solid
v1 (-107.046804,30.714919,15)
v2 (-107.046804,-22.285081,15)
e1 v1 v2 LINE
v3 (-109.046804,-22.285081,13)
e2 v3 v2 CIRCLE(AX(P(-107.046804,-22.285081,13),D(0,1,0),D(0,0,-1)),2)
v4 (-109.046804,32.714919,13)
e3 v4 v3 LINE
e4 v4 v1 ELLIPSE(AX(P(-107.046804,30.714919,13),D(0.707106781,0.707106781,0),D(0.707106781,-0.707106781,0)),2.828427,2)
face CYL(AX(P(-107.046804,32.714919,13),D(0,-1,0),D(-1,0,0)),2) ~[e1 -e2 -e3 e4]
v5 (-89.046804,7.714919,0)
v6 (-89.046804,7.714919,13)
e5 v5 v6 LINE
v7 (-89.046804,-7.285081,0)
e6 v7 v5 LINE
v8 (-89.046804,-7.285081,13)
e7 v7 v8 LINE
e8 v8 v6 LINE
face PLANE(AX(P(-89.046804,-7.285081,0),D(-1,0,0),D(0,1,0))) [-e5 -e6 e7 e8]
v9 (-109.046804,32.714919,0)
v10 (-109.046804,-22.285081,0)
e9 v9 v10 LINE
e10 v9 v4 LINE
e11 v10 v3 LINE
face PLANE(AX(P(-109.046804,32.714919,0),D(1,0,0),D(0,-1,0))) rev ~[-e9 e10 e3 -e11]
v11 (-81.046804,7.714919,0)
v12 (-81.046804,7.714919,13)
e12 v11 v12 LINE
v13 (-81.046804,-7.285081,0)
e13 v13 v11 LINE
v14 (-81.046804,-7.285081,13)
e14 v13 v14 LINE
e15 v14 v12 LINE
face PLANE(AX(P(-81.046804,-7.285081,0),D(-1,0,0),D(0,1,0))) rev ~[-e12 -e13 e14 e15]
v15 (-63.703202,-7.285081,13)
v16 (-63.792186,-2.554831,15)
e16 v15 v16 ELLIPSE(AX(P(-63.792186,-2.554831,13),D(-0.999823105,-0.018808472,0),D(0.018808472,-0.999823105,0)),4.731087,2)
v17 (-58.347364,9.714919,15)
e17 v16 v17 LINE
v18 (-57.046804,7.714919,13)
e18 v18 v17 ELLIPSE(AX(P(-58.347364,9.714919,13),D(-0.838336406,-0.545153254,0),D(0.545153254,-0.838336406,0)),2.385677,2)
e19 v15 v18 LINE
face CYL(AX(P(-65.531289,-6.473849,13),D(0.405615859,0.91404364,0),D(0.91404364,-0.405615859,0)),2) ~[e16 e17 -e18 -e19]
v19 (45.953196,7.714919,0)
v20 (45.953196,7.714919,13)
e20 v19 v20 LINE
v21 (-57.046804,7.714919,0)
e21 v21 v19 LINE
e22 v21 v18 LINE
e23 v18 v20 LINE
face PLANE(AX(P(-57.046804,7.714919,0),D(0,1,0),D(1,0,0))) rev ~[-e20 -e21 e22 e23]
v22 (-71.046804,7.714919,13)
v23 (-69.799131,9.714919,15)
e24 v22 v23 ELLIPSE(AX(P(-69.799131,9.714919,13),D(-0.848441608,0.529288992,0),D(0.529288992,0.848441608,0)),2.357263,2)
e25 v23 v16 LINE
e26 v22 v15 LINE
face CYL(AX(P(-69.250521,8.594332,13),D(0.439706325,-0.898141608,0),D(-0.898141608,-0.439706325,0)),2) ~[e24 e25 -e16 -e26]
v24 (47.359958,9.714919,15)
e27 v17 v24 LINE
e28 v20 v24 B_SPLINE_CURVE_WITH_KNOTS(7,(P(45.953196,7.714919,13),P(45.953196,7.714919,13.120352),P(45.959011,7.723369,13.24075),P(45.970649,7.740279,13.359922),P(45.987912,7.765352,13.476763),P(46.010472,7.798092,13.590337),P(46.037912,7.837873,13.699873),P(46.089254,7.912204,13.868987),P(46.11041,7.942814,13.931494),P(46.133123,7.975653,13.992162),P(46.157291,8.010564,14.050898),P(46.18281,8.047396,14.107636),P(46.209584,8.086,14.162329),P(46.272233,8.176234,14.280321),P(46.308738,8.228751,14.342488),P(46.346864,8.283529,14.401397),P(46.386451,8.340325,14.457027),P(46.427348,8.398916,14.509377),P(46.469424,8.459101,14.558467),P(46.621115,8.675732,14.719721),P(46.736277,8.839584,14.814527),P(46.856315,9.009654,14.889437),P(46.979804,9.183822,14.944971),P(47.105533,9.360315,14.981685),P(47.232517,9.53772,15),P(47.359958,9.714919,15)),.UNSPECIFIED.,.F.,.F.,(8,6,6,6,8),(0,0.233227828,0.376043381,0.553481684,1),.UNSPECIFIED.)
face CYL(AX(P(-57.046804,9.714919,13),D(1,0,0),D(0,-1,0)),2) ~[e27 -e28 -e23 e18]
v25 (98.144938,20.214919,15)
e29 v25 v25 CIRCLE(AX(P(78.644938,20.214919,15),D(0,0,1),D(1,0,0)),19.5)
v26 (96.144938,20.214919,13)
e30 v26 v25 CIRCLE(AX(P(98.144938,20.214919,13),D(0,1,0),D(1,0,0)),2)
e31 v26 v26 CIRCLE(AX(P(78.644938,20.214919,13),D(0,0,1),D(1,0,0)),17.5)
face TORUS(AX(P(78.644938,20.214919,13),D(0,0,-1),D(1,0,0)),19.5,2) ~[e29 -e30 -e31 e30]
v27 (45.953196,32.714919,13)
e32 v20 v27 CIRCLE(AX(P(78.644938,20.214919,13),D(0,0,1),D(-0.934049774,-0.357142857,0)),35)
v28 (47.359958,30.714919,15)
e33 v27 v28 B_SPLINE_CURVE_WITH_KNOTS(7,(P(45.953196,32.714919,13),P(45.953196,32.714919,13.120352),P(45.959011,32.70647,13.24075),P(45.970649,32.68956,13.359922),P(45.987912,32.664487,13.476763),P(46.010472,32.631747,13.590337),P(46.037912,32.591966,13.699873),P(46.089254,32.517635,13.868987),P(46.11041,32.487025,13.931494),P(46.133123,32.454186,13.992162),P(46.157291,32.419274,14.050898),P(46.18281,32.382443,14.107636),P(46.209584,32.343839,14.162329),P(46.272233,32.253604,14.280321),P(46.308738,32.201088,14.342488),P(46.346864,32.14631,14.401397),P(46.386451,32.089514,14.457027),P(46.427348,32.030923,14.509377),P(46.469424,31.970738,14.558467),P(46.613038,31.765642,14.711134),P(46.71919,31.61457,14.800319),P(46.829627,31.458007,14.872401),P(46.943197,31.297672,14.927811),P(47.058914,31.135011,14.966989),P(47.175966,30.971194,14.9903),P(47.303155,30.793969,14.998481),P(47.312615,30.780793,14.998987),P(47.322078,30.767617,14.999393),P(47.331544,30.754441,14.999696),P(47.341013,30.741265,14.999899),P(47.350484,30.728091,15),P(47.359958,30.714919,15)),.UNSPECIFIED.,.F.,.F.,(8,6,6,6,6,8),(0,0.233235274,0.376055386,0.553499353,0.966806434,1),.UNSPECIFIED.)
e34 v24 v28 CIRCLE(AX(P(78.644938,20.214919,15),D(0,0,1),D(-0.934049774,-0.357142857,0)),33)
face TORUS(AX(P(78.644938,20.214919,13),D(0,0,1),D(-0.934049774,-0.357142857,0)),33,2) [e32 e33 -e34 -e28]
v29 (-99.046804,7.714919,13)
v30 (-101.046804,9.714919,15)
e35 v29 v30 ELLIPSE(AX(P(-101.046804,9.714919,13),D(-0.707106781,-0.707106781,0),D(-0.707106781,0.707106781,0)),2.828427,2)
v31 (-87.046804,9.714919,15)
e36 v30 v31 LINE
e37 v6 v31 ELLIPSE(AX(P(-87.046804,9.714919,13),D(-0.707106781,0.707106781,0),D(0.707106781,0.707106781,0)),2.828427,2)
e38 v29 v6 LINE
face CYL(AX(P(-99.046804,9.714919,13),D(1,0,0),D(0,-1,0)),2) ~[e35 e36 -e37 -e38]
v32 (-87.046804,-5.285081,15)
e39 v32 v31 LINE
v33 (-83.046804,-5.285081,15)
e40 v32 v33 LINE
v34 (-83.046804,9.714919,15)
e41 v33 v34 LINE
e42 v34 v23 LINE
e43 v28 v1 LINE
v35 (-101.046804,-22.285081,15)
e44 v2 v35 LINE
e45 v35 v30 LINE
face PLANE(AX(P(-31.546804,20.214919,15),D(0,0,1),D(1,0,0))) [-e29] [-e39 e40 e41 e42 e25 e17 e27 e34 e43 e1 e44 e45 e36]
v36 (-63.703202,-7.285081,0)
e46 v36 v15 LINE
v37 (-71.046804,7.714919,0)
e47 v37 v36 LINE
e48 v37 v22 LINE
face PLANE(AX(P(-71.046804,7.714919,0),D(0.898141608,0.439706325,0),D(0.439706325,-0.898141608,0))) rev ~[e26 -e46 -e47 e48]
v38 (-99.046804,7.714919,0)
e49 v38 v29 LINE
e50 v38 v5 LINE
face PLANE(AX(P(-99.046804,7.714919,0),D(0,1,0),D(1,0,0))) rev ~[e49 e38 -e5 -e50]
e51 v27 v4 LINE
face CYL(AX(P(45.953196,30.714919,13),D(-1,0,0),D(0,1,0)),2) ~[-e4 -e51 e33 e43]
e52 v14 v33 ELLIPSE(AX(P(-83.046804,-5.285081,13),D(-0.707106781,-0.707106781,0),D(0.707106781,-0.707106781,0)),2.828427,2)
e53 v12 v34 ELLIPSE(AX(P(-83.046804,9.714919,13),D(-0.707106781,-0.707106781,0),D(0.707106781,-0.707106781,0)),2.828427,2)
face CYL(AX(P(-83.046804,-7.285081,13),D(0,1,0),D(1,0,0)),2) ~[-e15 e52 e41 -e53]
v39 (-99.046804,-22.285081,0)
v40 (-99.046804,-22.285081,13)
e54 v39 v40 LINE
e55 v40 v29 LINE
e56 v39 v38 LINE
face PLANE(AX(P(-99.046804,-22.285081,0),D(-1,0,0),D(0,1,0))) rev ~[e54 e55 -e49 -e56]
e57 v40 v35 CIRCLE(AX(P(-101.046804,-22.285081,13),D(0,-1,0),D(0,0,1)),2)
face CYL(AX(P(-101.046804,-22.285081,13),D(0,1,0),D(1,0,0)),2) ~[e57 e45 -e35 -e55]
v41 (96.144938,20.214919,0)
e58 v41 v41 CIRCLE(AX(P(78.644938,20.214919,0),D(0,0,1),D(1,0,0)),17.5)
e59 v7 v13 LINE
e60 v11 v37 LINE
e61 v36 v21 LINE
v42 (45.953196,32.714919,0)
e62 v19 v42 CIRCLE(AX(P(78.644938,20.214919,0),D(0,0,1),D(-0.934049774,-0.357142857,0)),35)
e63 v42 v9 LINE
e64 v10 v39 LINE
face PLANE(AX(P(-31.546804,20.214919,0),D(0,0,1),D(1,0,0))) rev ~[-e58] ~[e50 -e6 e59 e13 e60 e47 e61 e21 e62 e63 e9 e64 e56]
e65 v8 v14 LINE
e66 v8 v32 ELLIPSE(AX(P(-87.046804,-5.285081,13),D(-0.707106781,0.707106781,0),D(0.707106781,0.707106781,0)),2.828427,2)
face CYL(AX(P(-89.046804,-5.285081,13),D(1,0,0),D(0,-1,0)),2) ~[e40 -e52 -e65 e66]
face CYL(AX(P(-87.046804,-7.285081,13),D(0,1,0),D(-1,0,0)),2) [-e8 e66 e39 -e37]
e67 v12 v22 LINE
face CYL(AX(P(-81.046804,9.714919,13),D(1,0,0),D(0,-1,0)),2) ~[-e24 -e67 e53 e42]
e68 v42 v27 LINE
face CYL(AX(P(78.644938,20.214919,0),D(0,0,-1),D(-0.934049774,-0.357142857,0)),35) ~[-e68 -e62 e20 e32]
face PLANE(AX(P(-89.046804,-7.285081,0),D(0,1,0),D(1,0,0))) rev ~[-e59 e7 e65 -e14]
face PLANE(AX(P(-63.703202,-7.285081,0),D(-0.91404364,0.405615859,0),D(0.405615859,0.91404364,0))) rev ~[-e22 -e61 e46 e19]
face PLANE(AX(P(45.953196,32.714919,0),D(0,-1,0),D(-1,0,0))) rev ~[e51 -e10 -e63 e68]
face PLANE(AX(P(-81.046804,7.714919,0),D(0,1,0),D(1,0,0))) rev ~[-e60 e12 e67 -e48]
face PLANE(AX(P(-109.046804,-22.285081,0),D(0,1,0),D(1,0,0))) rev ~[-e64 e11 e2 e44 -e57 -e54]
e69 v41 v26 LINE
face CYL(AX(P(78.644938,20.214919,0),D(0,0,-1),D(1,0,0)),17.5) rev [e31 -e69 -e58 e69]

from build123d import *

# Parameters (mm, degrees)
F0_R     = 17.5
F0_W     = 10
F0_H     = 30
F0_W_2   = 8
F0_H_2   = 15
F1_DEPTH = 15
F2_R     = 2


with BuildPart() as f1:
    # F0 (on Top) → F1 (new body)
    with BuildSketch(Plane.XY):
        Polygon((-109.0468041226, 32.7149193907), (-109.0468041226, 7.7149193907), (-99.0468041226, 7.7149193907), (-89.0468041226, 7.7149193907), (-81.0468041226, 7.7149193907), (-71.0468041226, 7.7149193907), (-57.0468041226, 7.7149193907), (45.9531958774, 7.7149193907), (45.9531958774, 32.7149193907), align=None)
        with BuildLine():
            ThreePointArc((45.9531958774, 7.7149193907), (113.6449379539, 20.2149193907), (45.9531958774, 32.7149193907))
            Line((45.9531958774, 32.7149193907), (45.9531958774, 7.7149193907))
        make_face()
        with Locations((78.6449379539, 20.2149193907)):
            Circle(F0_R, mode=Mode.SUBTRACT)
        with Locations((-104.0468041226, -7.2850806093)):
            Rectangle(F0_W, F0_H)
        with Locations((-85.0468041226, 0.2149193907)):
            Rectangle(F0_W_2, F0_H_2)
        Polygon((-57.0468041226, 7.7149193907), (-71.0468041226, 7.7149193907), (-63.7032017112, -7.2850806093), align=None)
    extrude(amount=F1_DEPTH)

    # F2
    f2_edges = [f1.edges().sort_by_distance(p)[0] for p in [
        (-109.046804, 5.214919, 15),
        (-31.546804, 32.714919, 15),
        (-99.046804, -7.285081, 15),
        (-94.046804, 7.714919, 15),
        (-85.046804, -7.285081, 15),
        (-76.046804, 7.714919, 15),
        (-67.375003, 0.214919, 15),
        (-5.546804, 7.714919, 15),
        (113.644938, 20.214919, 15),
        (61.144938, 20.214919, 15),
        (-60.375003, 0.214919, 15),
        (-81.046804, 0.214919, 15),
        (-89.046804, 0.214919, 15),
    ]]
    fillet(f2_edges, radius=F2_R)


solid = f1.part
